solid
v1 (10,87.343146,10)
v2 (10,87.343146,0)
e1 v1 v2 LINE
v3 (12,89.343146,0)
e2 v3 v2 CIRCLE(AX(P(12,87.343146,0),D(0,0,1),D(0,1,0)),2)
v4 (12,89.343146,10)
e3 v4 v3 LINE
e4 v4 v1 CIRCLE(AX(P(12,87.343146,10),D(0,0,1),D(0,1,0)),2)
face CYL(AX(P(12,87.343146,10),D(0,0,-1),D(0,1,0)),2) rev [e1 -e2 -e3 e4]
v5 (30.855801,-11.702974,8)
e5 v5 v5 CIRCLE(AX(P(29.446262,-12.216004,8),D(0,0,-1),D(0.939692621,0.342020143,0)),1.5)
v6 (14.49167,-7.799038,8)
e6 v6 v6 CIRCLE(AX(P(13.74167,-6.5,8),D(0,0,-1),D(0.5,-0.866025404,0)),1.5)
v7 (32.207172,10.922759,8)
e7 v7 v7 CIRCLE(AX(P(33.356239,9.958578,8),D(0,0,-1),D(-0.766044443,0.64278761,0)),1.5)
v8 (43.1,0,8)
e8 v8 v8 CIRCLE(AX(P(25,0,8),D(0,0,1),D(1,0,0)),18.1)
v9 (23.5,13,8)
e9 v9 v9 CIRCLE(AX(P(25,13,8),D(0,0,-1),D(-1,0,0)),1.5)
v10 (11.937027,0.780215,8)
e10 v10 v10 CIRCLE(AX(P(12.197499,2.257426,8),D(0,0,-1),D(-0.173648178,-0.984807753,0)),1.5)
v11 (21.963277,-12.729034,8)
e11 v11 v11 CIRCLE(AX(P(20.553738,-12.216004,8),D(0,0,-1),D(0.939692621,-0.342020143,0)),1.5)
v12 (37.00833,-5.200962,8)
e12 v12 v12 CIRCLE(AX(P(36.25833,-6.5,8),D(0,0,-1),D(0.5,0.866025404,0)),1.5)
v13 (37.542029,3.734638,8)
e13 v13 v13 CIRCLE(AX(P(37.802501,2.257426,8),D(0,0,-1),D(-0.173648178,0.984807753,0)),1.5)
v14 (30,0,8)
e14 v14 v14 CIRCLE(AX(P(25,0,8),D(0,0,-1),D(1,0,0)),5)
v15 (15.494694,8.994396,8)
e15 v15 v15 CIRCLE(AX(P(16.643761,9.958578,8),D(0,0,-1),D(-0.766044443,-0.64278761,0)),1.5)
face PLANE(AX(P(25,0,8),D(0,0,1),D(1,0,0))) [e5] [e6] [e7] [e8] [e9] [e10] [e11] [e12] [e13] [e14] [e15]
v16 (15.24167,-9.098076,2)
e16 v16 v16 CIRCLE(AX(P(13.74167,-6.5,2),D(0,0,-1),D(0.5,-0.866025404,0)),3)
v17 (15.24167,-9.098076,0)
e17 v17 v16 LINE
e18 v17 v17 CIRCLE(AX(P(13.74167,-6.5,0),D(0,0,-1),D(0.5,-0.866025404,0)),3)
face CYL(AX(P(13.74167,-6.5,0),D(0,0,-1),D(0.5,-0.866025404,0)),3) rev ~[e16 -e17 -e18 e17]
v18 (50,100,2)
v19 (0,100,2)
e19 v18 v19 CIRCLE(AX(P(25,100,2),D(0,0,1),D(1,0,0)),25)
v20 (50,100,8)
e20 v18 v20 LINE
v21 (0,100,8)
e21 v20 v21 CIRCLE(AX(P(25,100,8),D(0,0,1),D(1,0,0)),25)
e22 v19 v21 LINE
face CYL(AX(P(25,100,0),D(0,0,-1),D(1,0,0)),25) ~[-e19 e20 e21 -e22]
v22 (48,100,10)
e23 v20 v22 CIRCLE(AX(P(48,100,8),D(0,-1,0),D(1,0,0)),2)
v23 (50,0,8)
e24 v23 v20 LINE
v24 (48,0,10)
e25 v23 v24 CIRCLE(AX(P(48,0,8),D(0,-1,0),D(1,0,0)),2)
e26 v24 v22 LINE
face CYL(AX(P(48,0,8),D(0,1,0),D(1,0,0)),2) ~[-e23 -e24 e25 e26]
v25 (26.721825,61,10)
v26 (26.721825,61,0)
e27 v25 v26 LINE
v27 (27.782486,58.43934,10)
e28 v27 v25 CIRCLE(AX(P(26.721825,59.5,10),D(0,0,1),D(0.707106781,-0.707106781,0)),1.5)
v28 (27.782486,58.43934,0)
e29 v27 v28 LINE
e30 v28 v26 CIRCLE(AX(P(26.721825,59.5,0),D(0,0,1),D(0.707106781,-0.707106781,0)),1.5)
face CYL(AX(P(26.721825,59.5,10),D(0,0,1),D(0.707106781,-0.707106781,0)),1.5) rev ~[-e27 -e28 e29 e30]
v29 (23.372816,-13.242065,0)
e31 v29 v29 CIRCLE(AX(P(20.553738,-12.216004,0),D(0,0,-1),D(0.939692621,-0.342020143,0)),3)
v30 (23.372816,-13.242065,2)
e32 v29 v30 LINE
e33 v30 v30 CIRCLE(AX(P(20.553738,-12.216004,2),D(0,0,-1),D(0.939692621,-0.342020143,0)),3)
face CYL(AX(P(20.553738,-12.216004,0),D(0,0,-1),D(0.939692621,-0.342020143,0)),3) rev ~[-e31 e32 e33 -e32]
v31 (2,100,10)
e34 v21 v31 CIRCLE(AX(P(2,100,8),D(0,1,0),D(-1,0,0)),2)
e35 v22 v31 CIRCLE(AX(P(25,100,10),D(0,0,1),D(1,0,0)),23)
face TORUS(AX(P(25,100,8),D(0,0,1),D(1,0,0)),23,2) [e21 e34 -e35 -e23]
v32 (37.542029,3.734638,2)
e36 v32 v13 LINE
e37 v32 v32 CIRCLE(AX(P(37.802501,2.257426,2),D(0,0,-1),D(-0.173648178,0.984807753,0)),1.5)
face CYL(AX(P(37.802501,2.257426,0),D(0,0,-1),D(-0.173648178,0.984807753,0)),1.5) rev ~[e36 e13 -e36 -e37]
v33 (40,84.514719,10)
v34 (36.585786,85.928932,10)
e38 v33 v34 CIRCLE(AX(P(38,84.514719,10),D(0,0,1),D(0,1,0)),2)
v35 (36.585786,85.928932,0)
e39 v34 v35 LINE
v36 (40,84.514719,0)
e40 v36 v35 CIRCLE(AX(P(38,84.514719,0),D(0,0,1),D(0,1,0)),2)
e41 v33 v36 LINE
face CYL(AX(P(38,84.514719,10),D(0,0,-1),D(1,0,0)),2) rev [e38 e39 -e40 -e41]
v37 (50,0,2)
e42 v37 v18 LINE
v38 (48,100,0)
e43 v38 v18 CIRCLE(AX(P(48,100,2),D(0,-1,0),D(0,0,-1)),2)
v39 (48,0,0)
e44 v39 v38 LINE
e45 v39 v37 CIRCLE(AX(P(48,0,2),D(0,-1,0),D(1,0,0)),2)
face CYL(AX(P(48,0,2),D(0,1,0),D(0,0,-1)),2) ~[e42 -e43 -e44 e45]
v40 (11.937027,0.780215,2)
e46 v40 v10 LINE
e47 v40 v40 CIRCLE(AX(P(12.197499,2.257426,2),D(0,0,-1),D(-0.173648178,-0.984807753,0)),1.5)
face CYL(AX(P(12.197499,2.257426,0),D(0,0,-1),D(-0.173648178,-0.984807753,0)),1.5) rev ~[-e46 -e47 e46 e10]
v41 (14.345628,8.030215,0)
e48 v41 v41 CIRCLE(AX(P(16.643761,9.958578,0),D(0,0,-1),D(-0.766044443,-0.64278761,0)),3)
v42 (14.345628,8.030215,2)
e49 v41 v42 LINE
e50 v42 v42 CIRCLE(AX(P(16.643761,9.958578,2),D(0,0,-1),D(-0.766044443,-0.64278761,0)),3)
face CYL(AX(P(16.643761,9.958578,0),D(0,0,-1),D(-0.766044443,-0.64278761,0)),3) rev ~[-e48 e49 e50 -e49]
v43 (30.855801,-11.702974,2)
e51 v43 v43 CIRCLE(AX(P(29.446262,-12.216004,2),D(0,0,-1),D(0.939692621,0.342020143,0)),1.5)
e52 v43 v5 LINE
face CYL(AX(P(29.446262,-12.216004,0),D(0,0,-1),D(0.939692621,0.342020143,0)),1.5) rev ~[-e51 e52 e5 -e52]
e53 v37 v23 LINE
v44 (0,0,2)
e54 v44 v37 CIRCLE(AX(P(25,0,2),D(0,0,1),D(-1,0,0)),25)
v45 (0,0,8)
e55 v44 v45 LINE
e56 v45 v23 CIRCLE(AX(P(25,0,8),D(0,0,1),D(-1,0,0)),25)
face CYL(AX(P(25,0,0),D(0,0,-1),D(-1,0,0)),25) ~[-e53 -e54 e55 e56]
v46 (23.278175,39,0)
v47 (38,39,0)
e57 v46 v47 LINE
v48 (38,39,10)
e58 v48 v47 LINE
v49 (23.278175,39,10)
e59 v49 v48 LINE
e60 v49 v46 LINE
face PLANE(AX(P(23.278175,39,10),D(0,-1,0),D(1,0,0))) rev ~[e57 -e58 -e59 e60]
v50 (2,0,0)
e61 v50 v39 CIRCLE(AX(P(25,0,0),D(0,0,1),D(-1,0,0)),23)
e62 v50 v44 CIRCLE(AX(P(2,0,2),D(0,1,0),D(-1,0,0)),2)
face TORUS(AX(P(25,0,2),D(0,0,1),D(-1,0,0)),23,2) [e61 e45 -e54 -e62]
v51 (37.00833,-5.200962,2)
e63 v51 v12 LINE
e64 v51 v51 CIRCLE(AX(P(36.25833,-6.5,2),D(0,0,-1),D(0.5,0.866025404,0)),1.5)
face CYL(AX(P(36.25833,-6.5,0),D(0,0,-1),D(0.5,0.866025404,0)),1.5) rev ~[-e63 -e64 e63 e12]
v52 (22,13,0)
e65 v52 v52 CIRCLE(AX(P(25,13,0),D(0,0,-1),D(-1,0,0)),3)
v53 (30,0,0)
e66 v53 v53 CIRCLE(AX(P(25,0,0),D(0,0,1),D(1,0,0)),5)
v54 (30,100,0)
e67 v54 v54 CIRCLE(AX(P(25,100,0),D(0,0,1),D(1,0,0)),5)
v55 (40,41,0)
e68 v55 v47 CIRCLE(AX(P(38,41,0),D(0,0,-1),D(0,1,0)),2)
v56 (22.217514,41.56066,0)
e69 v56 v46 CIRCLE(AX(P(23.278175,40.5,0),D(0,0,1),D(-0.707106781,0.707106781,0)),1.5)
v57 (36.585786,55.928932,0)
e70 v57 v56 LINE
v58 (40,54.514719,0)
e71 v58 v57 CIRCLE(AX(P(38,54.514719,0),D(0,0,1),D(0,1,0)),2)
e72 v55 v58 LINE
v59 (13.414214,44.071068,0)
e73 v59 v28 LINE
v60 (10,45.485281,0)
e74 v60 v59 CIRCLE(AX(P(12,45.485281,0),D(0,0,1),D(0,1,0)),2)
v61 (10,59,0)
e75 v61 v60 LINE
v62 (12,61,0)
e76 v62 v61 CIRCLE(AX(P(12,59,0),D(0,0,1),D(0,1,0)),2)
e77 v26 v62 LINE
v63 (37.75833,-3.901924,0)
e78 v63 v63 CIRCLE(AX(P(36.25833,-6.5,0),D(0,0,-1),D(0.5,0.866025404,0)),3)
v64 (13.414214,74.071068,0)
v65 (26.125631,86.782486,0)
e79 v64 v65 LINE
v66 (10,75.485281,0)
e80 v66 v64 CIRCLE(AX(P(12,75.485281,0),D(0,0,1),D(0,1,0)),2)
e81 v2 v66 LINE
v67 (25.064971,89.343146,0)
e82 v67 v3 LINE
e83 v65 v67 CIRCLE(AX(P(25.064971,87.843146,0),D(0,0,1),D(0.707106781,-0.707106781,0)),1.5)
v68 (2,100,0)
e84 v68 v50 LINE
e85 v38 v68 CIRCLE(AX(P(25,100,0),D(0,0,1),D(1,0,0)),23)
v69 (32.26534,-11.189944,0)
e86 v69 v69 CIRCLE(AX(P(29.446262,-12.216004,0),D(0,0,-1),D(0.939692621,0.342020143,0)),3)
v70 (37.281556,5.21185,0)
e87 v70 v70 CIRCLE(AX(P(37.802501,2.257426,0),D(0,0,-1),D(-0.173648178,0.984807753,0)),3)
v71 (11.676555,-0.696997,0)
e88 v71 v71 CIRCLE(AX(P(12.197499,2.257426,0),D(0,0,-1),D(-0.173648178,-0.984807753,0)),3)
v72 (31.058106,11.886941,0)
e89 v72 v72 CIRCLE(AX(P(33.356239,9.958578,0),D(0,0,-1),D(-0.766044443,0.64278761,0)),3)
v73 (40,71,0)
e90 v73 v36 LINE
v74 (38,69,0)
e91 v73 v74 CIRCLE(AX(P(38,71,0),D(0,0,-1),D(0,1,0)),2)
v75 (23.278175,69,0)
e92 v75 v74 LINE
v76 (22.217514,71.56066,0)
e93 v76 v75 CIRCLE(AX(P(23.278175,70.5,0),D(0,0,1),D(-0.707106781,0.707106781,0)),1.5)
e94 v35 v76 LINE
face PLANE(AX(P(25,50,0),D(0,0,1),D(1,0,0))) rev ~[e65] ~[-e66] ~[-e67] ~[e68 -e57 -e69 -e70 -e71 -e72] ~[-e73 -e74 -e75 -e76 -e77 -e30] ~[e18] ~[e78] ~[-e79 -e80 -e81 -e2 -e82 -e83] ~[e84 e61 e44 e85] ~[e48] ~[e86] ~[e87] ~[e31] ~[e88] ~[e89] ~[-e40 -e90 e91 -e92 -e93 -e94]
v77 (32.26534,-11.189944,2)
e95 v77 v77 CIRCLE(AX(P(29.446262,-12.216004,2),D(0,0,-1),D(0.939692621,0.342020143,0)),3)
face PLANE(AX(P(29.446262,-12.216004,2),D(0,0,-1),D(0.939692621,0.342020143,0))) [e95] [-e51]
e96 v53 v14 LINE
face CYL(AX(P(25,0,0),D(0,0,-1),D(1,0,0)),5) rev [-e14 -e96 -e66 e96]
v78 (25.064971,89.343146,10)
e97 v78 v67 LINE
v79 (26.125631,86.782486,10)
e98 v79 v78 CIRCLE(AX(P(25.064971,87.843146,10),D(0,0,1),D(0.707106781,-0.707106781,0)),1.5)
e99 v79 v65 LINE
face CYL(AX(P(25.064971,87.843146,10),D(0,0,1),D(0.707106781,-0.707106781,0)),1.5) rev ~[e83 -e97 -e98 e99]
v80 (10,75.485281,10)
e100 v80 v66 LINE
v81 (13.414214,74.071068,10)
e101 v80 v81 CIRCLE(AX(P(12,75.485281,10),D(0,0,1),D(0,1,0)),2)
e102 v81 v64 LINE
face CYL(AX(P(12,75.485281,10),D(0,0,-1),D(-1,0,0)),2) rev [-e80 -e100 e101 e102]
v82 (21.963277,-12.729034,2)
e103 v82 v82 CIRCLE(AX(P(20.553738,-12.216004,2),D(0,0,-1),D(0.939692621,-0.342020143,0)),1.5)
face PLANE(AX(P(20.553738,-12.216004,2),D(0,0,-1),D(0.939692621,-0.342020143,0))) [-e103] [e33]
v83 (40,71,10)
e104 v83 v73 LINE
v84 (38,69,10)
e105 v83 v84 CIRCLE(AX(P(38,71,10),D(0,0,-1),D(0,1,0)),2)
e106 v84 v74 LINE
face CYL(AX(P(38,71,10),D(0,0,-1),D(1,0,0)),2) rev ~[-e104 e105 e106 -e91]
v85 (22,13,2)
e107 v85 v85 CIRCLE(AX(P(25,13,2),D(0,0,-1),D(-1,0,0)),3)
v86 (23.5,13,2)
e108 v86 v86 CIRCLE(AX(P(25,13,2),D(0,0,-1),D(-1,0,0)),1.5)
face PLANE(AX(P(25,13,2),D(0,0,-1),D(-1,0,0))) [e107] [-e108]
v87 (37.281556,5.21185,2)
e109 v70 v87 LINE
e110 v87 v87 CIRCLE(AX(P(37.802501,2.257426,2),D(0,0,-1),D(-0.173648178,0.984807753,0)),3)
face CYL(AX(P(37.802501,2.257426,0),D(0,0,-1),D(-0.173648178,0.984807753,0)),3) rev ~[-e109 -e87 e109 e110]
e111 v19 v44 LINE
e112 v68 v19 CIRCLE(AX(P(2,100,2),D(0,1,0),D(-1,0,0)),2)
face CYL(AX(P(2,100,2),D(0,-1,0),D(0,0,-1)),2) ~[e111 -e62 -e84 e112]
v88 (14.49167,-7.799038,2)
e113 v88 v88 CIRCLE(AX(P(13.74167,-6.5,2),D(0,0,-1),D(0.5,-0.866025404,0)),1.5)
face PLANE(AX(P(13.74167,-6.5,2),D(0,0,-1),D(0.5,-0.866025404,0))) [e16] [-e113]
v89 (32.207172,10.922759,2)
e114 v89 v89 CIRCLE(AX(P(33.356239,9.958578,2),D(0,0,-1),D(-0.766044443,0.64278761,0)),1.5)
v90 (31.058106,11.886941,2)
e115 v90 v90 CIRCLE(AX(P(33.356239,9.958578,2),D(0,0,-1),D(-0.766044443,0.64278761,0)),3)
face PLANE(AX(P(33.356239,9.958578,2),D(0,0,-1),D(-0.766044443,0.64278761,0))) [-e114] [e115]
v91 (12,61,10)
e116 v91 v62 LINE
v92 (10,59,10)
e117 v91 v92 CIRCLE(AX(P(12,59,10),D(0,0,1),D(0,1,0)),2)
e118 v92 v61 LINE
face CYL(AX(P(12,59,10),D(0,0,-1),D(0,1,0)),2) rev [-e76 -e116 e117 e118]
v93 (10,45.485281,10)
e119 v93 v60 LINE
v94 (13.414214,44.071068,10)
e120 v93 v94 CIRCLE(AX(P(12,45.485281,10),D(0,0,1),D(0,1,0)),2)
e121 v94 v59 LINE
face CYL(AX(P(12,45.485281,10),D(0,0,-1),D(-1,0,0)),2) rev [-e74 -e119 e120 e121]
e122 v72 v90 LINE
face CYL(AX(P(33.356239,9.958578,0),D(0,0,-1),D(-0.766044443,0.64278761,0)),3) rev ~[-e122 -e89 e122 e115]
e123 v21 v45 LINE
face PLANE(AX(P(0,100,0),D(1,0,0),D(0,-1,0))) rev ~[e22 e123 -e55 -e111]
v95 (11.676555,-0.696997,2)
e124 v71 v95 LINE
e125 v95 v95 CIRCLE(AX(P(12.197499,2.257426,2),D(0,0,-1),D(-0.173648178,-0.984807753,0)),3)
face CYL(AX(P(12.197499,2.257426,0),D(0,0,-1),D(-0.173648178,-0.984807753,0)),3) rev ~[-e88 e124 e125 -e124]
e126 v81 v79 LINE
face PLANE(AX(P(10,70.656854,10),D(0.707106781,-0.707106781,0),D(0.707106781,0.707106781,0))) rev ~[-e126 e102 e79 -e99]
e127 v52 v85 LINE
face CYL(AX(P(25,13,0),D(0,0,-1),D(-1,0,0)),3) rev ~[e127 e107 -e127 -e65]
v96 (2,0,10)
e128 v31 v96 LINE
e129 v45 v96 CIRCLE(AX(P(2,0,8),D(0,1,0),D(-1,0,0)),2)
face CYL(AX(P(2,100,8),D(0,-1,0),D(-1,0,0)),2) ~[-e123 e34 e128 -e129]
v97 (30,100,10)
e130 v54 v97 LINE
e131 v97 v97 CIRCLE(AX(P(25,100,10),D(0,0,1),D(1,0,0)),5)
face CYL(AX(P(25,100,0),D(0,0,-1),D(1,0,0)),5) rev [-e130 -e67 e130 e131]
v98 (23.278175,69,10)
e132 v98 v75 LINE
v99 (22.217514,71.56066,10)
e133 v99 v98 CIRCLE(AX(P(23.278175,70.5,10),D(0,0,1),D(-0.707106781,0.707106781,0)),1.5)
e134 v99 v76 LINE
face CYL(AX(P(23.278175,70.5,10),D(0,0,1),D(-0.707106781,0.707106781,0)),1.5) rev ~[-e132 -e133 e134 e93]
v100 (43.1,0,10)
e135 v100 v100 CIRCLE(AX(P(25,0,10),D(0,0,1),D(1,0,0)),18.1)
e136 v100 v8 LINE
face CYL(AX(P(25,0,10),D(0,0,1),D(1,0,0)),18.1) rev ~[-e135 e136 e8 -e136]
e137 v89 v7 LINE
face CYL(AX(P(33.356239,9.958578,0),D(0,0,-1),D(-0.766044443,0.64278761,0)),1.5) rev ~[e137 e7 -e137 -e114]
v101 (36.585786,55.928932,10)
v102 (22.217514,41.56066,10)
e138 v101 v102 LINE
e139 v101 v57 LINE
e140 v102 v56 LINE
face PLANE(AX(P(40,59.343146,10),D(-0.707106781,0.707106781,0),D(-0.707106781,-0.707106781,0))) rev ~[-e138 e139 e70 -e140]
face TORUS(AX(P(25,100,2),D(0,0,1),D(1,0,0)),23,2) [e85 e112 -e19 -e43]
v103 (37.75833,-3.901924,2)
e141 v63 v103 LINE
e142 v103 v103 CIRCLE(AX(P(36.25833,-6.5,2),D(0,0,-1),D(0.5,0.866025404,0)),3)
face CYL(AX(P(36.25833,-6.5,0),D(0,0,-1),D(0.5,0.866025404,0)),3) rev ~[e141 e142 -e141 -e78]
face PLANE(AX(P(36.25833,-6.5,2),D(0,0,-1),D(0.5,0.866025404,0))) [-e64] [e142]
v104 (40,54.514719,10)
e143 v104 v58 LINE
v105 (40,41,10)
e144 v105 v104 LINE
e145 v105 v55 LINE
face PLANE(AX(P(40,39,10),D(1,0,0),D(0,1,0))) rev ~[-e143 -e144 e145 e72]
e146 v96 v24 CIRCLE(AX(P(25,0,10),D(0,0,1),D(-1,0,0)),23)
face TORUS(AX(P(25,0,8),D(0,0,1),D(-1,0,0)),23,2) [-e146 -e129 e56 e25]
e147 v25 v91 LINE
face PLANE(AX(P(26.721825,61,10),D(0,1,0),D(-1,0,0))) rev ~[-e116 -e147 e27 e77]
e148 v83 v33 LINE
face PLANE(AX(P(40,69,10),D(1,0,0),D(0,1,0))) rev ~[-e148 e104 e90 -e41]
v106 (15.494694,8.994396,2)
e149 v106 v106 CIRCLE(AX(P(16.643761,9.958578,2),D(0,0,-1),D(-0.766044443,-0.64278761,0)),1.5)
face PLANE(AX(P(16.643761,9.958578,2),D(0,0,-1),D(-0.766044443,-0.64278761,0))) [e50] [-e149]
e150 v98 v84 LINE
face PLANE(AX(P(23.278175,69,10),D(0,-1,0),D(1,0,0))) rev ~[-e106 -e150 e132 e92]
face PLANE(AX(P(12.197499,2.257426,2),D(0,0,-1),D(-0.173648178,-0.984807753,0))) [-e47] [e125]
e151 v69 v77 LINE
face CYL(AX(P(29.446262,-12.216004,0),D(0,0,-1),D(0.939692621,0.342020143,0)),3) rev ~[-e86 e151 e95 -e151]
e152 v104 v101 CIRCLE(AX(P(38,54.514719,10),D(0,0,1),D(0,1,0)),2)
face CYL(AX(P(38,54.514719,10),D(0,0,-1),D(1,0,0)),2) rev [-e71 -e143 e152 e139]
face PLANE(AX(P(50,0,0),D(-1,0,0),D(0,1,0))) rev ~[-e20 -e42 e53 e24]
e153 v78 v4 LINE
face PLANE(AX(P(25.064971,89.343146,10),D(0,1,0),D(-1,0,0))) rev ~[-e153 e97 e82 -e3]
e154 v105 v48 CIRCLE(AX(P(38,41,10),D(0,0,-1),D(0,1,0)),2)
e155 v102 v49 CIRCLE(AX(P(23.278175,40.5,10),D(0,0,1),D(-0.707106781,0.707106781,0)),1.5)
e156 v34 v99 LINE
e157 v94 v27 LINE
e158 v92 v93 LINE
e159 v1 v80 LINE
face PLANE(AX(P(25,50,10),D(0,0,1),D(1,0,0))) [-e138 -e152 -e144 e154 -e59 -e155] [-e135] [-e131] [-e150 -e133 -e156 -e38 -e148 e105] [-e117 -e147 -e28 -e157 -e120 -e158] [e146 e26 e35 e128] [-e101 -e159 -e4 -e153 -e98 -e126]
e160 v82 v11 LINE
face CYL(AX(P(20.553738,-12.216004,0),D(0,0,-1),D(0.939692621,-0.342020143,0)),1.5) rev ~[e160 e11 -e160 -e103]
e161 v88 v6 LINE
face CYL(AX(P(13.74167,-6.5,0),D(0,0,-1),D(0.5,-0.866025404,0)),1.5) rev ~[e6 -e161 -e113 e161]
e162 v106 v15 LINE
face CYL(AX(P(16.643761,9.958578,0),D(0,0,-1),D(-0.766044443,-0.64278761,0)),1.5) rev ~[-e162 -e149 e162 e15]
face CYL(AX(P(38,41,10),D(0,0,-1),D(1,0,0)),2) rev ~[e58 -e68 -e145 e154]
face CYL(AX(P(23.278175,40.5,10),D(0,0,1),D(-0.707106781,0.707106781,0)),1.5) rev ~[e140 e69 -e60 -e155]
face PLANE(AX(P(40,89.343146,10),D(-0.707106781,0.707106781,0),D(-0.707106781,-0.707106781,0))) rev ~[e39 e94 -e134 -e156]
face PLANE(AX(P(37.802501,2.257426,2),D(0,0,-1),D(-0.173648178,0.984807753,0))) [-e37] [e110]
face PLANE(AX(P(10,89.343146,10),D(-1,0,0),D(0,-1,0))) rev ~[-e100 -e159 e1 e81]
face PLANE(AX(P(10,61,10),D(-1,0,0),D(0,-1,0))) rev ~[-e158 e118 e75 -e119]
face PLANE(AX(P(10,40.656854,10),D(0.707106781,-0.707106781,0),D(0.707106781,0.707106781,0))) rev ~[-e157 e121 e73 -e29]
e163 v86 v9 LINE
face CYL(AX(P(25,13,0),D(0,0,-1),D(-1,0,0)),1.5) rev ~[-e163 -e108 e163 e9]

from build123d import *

# Parameters (mm, degrees)
SKETCH1_R           = 5
BOSS_EXTRUDE1_DEPTH = 10
CUT_EXTRUDE2_DEPTH  = 10
FILLET1_R           = 2
FILLET2_R           = 2
SKETCH3_R           = 18.1
CUT_EXTRUDE3_DEPTH  = 2
SKETCH4_R           = 1.5
CUT_EXTRUDE4_DEPTH  = 136.00000013
SKETCH4_3_R         = 3
SKETCH4_3_R_2       = 1.5
CUT_EXTRUDE5_DEPTH  = 2
CIRPATTERN1_COUNT   = 9


with BuildPart() as part:
    # Sketch1 → Boss-Extrude1 (new body)
    with BuildSketch(Plane.XY):
        with BuildLine():
            Line((0, 100), (0, 0))
            ThreePointArc((0, 0), (25, -25), (50, 0))
            Line((50, 0), (50, 100))
            ThreePointArc((50, 100), (25, 125), (0, 100))
        make_face()
        with Locations((25, 0)):
            Circle(SKETCH1_R, mode=Mode.SUBTRACT)
        with Locations((25, 100)):
            Circle(SKETCH1_R, mode=Mode.SUBTRACT)
    extrude(amount=BOSS_EXTRUDE1_DEPTH)

    # Sketch2 → Cut-Extrude2 (cut)
    with BuildSketch(Plane.XY.offset(10)):
        with BuildLine():
            Line((25.064971157, 89.343145751), (10, 89.343145751))
            Line((10, 89.343145751), (10, 70.656854249))
            Line((10, 70.656854249), (26.125631329, 86.782485579))
            ThreePointArc((26.125631329, 86.782485579), (26.450790456, 88.417170899), (25.064971157, 89.343145751))
        make_face()
        with BuildLine():
            Line((40, 69), (40, 89.343145751))
            Line((40, 89.343145751), (22.217514421, 71.560660172))
            ThreePointArc((22.217514421, 71.560660172), (21.892355294, 69.925974851), (23.278174593, 69))
            Line((23.278174593, 69), (40, 69))
        make_face()
        with BuildLine():
            Line((26.721825407, 61), (10, 61))
            Line((10, 61), (10, 40.65685425))
            Line((10, 40.65685425), (27.782485579, 58.439339828))
            ThreePointArc((27.782485579, 58.439339828), (28.107644706, 60.074025149), (26.721825407, 61))
        make_face()
        with BuildLine():
            Line((40, 39), (40, 59.343145751))
            Line((40, 59.343145751), (22.217514421, 41.560660172))
            ThreePointArc((22.217514421, 41.560660172), (21.892355294, 39.925974852), (23.278174593, 39))
            Line((23.278174593, 39), (40, 39))
        make_face()
    extrude(amount=-CUT_EXTRUDE2_DEPTH, mode=Mode.SUBTRACT)

    # Fillet1
    fillet1_edges = [part.edges().sort_by_distance(p)[0] for p in [
        (40, 89.343145751, 5),
        (40, 69, 5),
        (10, 89.343145751, 5),
        (10, 70.656854249, 5),
        (10, 40.65685425, 5),
        (10, 61, 5),
        (40, 59.343145751, 5),
        (40, 39, 5),
    ]]
    fillet(fillet1_edges, radius=FILLET1_R)

    # Fillet2
    fillet2_edges = [part.edges().sort_by_distance(p)[0] for p in [
        (25, -25, 10),
        (50, 50, 10),
        (25, 125, 10),
        (25, -25, 0),
        (50, 50, 0),
        (25, 125, 0),
        (0, 50, 10),
        (0, 50, 0),
    ]]
    fillet(fillet2_edges, radius=FILLET2_R)

    # Sketch3 → Cut-Extrude3 (cut)
    with BuildSketch(Plane.XY.offset(10)):
        with Locations((25, 0)):
            Circle(SKETCH3_R)
    extrude(amount=-CUT_EXTRUDE3_DEPTH, mode=Mode.SUBTRACT)

    # Sketch4 → Cut-Extrude4 (cut, through all)
    with BuildSketch(Plane(origin=(0, 0, 0), x_dir=(-1, 0, 0), z_dir=(0, 0, -1))):
        with Locations((-25, 13)):
            Circle(SKETCH4_R)
    cut_extrude4 = extrude(amount=-CUT_EXTRUDE4_DEPTH, mode=Mode.SUBTRACT)

    # Sketch4<3> → Cut-Extrude5 (cut)
    with BuildSketch(Plane(origin=(0, 0, 0), x_dir=(-1, 0, 0), z_dir=(0, 0, -1))):
        with Locations((-25, 13)):
            Circle(SKETCH4_3_R)
        with Locations((-25, 13)):
            Circle(SKETCH4_3_R_2, mode=Mode.SUBTRACT)
    cut_extrude5 = extrude(amount=-CUT_EXTRUDE5_DEPTH, mode=Mode.SUBTRACT)

    # CirPattern1: Cut-Extrude4, Cut-Extrude5 ×9 about axis
    cirpattern1_axis = Axis((25, 0, 8), (0, 0, -1))
    add([cut_extrude4.rotate(cirpattern1_axis, i * 360 / CIRPATTERN1_COUNT) for i in range(1, CIRPATTERN1_COUNT)], mode=Mode.SUBTRACT)
    add([cut_extrude5.rotate(cirpattern1_axis, i * 360 / CIRPATTERN1_COUNT) for i in range(1, CIRPATTERN1_COUNT)], mode=Mode.SUBTRACT)


solid = part.part
